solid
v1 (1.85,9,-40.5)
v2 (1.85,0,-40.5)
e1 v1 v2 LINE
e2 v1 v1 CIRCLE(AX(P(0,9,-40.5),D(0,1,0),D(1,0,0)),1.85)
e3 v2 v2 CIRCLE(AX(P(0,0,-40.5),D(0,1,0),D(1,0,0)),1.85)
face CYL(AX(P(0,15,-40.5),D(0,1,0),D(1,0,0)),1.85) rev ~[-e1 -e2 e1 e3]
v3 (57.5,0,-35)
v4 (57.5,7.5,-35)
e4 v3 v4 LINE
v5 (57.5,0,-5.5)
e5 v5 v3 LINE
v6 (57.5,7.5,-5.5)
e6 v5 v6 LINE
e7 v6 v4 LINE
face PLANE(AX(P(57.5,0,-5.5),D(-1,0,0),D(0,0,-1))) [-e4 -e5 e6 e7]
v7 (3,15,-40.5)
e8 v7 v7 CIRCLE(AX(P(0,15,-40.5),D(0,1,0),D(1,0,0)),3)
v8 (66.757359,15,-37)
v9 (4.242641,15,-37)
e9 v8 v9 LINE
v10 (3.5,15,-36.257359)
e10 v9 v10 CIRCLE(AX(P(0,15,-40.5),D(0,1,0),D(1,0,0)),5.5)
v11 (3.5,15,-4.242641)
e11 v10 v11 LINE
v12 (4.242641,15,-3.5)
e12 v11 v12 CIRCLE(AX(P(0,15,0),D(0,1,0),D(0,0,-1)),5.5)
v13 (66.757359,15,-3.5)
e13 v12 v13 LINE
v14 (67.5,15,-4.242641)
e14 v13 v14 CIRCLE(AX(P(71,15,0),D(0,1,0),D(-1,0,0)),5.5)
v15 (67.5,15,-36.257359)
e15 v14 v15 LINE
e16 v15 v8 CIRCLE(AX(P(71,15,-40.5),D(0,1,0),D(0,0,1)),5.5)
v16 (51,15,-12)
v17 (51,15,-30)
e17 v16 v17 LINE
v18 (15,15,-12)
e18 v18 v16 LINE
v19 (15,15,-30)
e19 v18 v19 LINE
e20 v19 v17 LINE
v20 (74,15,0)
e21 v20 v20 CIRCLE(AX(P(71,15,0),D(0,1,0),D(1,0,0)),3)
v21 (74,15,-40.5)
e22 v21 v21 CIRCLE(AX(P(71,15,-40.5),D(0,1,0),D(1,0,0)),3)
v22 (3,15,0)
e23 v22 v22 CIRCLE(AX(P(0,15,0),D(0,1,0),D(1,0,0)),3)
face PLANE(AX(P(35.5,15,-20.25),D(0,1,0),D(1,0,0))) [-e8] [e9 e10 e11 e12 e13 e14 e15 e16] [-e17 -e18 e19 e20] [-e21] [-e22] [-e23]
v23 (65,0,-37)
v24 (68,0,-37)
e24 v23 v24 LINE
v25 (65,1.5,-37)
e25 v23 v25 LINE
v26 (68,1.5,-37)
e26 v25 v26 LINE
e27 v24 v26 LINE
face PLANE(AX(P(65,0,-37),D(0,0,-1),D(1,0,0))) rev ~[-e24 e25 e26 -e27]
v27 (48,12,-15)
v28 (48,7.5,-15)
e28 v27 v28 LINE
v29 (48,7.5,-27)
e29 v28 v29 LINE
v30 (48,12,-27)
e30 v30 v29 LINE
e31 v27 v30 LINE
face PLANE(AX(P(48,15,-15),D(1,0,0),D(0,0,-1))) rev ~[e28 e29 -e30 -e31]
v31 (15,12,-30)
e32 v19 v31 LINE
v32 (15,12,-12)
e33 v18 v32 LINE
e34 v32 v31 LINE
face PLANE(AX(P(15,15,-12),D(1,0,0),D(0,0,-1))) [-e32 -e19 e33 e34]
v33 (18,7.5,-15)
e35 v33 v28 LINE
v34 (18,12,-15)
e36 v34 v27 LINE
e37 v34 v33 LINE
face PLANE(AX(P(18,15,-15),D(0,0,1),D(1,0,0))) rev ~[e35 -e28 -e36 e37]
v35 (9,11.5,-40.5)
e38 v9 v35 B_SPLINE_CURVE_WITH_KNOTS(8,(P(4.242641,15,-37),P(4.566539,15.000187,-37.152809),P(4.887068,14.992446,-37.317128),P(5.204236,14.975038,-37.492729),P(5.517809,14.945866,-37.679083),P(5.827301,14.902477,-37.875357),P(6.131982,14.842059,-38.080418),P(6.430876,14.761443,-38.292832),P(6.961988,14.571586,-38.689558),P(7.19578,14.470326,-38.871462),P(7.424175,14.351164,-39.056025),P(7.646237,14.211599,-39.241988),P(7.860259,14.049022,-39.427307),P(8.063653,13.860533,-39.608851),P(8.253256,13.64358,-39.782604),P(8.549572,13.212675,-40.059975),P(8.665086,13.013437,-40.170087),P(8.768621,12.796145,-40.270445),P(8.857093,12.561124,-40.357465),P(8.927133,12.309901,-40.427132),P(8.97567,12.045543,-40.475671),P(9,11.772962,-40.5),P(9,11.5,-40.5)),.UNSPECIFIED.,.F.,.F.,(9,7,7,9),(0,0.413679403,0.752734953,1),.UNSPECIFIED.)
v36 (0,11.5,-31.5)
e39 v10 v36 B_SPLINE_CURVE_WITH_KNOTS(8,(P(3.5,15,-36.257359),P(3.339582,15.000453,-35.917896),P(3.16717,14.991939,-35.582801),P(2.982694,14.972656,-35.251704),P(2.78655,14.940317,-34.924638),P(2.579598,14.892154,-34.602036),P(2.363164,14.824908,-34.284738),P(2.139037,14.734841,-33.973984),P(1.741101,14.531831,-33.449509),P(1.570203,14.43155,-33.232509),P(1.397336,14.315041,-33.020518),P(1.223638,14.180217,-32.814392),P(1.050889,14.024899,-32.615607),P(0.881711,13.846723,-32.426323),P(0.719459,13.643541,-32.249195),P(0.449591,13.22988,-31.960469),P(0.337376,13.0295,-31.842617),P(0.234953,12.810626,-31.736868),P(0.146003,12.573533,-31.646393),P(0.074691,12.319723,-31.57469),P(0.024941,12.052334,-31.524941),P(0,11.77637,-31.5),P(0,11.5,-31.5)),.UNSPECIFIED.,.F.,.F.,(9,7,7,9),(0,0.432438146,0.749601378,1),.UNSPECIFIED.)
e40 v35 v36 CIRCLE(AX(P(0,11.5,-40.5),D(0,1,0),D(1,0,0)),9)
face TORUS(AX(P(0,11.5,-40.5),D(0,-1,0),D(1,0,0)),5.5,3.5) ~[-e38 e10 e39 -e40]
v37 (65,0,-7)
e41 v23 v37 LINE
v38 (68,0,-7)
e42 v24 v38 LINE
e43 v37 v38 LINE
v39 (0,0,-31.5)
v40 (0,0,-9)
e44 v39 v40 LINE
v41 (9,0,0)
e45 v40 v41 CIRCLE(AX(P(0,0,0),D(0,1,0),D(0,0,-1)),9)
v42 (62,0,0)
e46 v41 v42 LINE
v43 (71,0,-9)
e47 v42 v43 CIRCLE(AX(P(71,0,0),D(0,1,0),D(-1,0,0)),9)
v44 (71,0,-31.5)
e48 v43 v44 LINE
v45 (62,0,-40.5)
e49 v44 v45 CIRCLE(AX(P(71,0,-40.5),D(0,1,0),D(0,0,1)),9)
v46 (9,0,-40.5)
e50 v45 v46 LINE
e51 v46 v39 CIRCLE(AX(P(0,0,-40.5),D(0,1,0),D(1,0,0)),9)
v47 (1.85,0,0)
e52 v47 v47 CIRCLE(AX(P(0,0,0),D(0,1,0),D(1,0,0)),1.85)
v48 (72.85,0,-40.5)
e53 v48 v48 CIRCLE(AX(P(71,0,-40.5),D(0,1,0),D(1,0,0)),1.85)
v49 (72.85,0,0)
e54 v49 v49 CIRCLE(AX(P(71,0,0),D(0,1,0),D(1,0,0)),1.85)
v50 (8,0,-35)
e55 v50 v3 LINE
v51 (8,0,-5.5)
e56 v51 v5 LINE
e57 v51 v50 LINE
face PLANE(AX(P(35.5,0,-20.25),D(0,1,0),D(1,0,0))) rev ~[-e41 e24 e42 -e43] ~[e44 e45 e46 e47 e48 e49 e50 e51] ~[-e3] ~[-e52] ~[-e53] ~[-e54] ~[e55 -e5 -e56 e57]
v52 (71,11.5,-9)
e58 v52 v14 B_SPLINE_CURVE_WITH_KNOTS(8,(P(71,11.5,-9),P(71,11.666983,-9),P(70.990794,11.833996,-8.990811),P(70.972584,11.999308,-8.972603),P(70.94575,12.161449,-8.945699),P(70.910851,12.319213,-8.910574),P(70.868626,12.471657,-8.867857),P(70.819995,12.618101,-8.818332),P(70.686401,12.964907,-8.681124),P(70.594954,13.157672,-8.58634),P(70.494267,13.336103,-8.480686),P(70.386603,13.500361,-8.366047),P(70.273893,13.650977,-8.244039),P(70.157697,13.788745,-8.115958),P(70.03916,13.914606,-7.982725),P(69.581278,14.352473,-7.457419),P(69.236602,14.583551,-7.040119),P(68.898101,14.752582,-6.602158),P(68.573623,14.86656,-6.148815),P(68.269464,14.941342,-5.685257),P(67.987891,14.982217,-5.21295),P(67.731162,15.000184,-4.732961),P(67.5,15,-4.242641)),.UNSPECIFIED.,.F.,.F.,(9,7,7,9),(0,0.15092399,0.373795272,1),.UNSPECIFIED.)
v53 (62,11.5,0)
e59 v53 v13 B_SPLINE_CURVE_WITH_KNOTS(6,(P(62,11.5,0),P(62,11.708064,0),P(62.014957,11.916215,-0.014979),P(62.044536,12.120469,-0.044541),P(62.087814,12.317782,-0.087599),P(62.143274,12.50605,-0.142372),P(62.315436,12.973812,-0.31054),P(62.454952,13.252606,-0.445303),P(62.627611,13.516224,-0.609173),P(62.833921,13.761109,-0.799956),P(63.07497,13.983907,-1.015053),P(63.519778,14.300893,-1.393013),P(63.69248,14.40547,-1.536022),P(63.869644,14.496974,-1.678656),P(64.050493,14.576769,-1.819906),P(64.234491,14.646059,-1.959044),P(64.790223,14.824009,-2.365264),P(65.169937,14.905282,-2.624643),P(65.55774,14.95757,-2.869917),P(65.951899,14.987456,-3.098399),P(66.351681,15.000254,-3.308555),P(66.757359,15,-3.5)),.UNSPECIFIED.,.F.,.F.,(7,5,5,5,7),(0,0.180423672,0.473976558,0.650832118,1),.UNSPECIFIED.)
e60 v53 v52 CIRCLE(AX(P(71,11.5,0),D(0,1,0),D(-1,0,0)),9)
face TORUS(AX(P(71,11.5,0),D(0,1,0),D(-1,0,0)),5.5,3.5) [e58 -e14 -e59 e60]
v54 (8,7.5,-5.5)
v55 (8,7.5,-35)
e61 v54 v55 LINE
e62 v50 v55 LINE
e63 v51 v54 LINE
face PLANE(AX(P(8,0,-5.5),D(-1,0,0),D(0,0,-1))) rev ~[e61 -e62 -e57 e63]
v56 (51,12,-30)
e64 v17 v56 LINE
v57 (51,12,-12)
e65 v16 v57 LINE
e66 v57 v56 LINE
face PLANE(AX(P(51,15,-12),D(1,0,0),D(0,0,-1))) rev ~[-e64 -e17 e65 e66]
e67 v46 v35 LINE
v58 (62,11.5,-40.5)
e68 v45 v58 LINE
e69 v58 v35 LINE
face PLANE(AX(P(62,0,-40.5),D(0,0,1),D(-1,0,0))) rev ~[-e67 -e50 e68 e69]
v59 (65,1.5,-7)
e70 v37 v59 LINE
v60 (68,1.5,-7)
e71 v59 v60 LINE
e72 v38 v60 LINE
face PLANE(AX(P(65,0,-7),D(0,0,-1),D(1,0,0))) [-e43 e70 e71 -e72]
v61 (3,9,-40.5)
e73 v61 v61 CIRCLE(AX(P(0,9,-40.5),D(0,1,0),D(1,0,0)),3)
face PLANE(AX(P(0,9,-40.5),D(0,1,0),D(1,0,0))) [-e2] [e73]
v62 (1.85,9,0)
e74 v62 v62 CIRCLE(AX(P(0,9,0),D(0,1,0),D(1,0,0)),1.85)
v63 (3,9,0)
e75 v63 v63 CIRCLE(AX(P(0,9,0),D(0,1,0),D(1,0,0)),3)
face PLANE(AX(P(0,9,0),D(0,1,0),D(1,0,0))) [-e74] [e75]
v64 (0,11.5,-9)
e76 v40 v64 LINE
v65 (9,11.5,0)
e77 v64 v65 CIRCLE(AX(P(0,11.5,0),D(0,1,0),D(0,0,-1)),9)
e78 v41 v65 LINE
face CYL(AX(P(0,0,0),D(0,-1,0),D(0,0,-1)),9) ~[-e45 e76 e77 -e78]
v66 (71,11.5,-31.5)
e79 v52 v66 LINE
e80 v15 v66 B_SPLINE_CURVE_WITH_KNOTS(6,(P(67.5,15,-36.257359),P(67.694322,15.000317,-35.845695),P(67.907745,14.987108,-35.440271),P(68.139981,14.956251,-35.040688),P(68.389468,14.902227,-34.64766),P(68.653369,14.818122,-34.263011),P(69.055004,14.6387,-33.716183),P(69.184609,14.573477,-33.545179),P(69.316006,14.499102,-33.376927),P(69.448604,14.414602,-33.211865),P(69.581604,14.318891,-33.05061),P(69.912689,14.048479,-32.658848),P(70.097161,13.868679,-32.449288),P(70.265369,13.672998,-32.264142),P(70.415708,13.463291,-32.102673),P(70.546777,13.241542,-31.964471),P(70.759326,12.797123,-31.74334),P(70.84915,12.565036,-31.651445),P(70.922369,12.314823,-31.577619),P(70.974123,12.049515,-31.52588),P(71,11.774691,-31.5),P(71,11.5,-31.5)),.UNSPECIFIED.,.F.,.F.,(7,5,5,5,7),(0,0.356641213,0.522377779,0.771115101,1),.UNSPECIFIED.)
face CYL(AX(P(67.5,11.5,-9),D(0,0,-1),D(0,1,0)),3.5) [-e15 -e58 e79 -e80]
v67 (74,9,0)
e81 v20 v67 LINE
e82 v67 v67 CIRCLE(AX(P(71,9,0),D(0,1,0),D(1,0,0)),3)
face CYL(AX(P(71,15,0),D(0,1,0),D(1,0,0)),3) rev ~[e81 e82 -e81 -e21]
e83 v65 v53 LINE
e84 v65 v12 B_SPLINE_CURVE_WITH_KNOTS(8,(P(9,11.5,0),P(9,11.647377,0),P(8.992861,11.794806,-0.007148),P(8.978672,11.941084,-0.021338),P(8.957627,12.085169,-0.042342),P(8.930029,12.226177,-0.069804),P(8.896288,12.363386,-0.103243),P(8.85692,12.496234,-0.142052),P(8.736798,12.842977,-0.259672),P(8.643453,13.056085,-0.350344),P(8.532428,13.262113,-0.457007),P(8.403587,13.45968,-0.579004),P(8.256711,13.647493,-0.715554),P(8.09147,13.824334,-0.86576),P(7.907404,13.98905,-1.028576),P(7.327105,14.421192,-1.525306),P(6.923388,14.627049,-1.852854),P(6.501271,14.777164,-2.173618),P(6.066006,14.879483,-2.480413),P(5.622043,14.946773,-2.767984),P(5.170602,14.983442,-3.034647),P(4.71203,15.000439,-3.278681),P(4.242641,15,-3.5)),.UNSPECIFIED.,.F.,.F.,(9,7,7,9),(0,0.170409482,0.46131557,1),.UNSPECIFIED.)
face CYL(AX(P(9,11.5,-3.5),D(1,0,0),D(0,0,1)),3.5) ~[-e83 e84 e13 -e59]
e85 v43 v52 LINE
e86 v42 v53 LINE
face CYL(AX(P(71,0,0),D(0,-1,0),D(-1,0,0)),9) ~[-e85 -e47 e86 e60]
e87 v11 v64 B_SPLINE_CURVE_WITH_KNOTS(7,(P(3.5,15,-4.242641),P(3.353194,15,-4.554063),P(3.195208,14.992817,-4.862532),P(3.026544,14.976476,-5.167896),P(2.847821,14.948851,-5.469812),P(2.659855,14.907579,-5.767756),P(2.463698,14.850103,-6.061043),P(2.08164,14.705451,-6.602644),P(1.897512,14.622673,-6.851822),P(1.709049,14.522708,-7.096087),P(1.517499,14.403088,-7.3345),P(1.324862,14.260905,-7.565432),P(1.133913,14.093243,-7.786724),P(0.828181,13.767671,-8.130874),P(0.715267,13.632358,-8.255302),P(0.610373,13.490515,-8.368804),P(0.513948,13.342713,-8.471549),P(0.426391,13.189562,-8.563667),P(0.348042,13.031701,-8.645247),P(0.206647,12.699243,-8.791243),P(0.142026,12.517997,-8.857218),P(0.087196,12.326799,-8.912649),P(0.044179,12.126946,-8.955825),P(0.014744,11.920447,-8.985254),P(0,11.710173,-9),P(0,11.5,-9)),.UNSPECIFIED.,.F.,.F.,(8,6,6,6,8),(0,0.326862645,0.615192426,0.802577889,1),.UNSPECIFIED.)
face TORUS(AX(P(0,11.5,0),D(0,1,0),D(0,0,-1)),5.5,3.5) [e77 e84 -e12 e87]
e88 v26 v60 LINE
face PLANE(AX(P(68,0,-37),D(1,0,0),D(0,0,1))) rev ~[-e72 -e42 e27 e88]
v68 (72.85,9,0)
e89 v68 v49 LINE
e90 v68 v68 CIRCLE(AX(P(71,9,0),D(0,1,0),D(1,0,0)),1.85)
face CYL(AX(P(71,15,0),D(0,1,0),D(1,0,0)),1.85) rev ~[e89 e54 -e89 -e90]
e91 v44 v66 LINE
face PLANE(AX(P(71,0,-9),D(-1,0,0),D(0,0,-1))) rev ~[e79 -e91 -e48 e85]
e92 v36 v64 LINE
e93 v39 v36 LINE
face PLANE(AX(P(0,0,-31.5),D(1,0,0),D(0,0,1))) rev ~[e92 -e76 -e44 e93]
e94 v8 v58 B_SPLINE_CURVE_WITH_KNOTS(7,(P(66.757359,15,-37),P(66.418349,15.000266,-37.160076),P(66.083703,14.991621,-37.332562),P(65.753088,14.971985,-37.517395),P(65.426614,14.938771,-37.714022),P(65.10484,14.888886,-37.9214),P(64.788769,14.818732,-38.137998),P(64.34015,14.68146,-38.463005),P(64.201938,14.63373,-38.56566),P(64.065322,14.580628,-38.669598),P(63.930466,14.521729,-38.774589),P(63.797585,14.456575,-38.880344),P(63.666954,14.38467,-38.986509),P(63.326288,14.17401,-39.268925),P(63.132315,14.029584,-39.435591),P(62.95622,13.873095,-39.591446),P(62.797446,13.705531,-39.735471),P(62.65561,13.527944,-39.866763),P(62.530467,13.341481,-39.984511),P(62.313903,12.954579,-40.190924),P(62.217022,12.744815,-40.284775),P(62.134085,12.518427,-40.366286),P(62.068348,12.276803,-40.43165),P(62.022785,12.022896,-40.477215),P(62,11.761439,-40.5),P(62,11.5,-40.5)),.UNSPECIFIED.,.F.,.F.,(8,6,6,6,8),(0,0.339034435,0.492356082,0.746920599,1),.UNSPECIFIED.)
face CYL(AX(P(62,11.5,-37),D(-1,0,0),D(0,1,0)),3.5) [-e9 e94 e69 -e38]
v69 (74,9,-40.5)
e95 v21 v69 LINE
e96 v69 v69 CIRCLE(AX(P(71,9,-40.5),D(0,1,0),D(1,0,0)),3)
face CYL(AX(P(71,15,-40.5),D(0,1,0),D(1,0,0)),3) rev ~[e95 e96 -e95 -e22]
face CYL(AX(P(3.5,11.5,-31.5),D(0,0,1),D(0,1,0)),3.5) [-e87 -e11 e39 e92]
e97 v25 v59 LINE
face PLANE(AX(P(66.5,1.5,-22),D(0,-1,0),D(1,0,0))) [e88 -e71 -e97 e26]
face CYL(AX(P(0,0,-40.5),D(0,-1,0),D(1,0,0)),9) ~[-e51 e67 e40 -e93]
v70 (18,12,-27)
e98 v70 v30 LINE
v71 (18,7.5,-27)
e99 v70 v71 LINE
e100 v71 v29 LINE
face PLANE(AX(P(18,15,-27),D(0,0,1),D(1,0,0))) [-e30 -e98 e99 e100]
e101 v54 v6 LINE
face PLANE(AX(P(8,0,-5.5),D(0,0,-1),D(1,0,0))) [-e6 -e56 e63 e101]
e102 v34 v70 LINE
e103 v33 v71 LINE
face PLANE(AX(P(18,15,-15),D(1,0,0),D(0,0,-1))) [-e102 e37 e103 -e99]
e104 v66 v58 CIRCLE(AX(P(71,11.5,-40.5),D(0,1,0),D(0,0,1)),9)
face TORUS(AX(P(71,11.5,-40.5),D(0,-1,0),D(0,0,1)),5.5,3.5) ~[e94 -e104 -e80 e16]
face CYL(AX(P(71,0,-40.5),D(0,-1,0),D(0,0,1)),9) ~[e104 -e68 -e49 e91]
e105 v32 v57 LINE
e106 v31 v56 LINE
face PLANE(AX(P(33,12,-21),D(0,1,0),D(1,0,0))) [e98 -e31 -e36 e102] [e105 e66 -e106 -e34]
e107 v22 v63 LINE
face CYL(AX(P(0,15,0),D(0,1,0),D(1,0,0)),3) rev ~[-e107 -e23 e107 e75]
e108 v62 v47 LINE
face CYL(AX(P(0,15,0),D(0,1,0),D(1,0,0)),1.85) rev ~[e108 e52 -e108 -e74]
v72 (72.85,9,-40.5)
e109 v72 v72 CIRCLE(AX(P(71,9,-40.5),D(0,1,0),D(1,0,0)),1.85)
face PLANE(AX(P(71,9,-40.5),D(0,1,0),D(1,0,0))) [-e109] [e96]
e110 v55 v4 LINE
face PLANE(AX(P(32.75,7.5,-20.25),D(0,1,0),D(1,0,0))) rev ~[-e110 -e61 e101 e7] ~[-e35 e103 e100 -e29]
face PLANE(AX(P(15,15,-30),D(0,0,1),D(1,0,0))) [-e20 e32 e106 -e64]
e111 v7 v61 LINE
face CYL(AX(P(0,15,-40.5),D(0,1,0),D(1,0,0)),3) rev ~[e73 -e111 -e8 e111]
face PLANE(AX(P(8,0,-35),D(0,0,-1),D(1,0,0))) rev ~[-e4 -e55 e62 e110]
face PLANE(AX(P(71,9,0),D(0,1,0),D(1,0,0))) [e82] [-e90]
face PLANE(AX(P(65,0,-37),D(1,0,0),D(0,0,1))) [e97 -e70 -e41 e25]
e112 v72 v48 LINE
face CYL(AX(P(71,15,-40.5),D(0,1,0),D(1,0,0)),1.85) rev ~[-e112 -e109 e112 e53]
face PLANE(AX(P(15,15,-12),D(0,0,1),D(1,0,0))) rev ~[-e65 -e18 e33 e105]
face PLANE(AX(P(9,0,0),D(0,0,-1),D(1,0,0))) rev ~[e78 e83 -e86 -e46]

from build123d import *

# Parameters (mm, degrees)
BOSS_EXTRUDE1_DEPTH = 15
SKETCH2_4_W         = 49.5
SKETCH2_4_H         = 29.5
CUT_EXTRUDE1_DEPTH  = 7.5
SKETCH3_R           = 3
CUT_EXTRUDE2_DEPTH  = 6
SKETCH3_3_R         = 1.85
CUT_EXTRUDE3_DEPTH  = 16
SKETCH4_W           = 30
SKETCH4_H           = 12
CUT_EXTRUDE4_DEPTH  = 7.5
SKETCH4_3_W         = 36
SKETCH4_3_H         = 18
SKETCH4_3_W_2       = 30
SKETCH4_3_H_2       = 12
CUT_EXTRUDE5_DEPTH  = 3
FILLET2_R           = 3.5
SKETCH5_W           = 3
SKETCH5_H           = 30
CUT_EXTRUDE6_DEPTH  = 1.5


with BuildPart() as part:
    # Sketch2 → Boss-Extrude1 (new body)
    with BuildSketch(Plane(origin=(0, 0, 0), x_dir=(1, 0, 0), z_dir=(0, 1, 0))):
        with BuildLine():
            Line((9, 0), (62, 0))
            ThreePointArc((62, 0), (77.363961031, -6.363961031), (71, 9))
            Line((71, 9), (71, 31.5))
            ThreePointArc((71, 31.5), (77.363961031, 46.863961031), (62, 40.5))
            Line((62, 40.5), (9, 40.5))
            ThreePointArc((9, 40.5), (-6.363961031, 46.863961031), (0, 31.5))
            Line((0, 31.5), (0, 9))
            ThreePointArc((0, 9), (-6.363961031, -6.363961031), (9, 0))
        make_face()
    extrude(amount=BOSS_EXTRUDE1_DEPTH)

    # Sketch2<4> → Cut-Extrude1 (cut)
    with BuildSketch(Plane(origin=(0, 0, 0), x_dir=(1, 0, 0), z_dir=(0, 1, 0))):
        with Locations((32.75, 20.25)):
            Rectangle(SKETCH2_4_W, SKETCH2_4_H)
    extrude(amount=CUT_EXTRUDE1_DEPTH, mode=Mode.SUBTRACT)

    # Sketch3 → Cut-Extrude2 (cut)
    with BuildSketch(Plane(origin=(0, 15, 0), x_dir=(1, 0, 0), z_dir=(0, 1, 0))):
        Circle(SKETCH3_R)
        with Locations((0, 40.5)):
            Circle(SKETCH3_R)
        with Locations((71, 40.5)):
            Circle(SKETCH3_R)
        with Locations((71, 0)):
            Circle(SKETCH3_R)
    extrude(amount=-CUT_EXTRUDE2_DEPTH, mode=Mode.SUBTRACT)

    # Sketch3<3> → Cut-Extrude3 (cut, through all)
    with BuildSketch(Plane(origin=(0, 15, 0), x_dir=(1, 0, 0), z_dir=(0, 1, 0))):
        Circle(SKETCH3_3_R)
        with Locations((0, 40.5)):
            Circle(SKETCH3_3_R)
        with Locations((71, 40.5)):
            Circle(SKETCH3_3_R)
        with Locations((71, 0)):
            Circle(SKETCH3_3_R)
    extrude(amount=-CUT_EXTRUDE3_DEPTH, mode=Mode.SUBTRACT)

    # Sketch4 → Cut-Extrude4 (cut)
    with BuildSketch(Plane(origin=(0, 15, 0), x_dir=(1, 0, 0), z_dir=(0, 1, 0))):
        with Locations((33, 21)):
            Rectangle(SKETCH4_W, SKETCH4_H)
    extrude(amount=-CUT_EXTRUDE4_DEPTH, mode=Mode.SUBTRACT)

    # Sketch4<3> → Cut-Extrude5 (cut)
    with BuildSketch(Plane(origin=(0, 15, 0), x_dir=(1, 0, 0), z_dir=(0, 1, 0))):
        with Locations((33, 21)):
            Rectangle(SKETCH4_3_W, SKETCH4_3_H)
        with Locations((33, 21)):
            Rectangle(SKETCH4_3_W_2, SKETCH4_3_H_2, mode=Mode.SUBTRACT)
    extrude(amount=-CUT_EXTRUDE5_DEPTH, mode=Mode.SUBTRACT)

    # Fillet2
    fillet2_edges = [part.edges().sort_by_distance(p)[0] for p in [
        (77.363961031, 15, 6.363961031),
        (71, 15, -20.25),
        (77.363961031, 15, -46.863961031),
        (35.5, 15, -40.5),
        (-6.363961031, 15, -46.863961031),
        (0, 15, -20.25),
        (-6.363961031, 15, 6.363961031),
        (35.5, 15, 0),
    ]]
    fillet(fillet2_edges, radius=FILLET2_R)

    # Sketch5 → Cut-Extrude6 (cut)
    with BuildSketch(Plane.XZ):
        with Locations((66.5, -22)):
            Rectangle(SKETCH5_W, SKETCH5_H)
    extrude(amount=-CUT_EXTRUDE6_DEPTH, mode=Mode.SUBTRACT)


solid = part.part
